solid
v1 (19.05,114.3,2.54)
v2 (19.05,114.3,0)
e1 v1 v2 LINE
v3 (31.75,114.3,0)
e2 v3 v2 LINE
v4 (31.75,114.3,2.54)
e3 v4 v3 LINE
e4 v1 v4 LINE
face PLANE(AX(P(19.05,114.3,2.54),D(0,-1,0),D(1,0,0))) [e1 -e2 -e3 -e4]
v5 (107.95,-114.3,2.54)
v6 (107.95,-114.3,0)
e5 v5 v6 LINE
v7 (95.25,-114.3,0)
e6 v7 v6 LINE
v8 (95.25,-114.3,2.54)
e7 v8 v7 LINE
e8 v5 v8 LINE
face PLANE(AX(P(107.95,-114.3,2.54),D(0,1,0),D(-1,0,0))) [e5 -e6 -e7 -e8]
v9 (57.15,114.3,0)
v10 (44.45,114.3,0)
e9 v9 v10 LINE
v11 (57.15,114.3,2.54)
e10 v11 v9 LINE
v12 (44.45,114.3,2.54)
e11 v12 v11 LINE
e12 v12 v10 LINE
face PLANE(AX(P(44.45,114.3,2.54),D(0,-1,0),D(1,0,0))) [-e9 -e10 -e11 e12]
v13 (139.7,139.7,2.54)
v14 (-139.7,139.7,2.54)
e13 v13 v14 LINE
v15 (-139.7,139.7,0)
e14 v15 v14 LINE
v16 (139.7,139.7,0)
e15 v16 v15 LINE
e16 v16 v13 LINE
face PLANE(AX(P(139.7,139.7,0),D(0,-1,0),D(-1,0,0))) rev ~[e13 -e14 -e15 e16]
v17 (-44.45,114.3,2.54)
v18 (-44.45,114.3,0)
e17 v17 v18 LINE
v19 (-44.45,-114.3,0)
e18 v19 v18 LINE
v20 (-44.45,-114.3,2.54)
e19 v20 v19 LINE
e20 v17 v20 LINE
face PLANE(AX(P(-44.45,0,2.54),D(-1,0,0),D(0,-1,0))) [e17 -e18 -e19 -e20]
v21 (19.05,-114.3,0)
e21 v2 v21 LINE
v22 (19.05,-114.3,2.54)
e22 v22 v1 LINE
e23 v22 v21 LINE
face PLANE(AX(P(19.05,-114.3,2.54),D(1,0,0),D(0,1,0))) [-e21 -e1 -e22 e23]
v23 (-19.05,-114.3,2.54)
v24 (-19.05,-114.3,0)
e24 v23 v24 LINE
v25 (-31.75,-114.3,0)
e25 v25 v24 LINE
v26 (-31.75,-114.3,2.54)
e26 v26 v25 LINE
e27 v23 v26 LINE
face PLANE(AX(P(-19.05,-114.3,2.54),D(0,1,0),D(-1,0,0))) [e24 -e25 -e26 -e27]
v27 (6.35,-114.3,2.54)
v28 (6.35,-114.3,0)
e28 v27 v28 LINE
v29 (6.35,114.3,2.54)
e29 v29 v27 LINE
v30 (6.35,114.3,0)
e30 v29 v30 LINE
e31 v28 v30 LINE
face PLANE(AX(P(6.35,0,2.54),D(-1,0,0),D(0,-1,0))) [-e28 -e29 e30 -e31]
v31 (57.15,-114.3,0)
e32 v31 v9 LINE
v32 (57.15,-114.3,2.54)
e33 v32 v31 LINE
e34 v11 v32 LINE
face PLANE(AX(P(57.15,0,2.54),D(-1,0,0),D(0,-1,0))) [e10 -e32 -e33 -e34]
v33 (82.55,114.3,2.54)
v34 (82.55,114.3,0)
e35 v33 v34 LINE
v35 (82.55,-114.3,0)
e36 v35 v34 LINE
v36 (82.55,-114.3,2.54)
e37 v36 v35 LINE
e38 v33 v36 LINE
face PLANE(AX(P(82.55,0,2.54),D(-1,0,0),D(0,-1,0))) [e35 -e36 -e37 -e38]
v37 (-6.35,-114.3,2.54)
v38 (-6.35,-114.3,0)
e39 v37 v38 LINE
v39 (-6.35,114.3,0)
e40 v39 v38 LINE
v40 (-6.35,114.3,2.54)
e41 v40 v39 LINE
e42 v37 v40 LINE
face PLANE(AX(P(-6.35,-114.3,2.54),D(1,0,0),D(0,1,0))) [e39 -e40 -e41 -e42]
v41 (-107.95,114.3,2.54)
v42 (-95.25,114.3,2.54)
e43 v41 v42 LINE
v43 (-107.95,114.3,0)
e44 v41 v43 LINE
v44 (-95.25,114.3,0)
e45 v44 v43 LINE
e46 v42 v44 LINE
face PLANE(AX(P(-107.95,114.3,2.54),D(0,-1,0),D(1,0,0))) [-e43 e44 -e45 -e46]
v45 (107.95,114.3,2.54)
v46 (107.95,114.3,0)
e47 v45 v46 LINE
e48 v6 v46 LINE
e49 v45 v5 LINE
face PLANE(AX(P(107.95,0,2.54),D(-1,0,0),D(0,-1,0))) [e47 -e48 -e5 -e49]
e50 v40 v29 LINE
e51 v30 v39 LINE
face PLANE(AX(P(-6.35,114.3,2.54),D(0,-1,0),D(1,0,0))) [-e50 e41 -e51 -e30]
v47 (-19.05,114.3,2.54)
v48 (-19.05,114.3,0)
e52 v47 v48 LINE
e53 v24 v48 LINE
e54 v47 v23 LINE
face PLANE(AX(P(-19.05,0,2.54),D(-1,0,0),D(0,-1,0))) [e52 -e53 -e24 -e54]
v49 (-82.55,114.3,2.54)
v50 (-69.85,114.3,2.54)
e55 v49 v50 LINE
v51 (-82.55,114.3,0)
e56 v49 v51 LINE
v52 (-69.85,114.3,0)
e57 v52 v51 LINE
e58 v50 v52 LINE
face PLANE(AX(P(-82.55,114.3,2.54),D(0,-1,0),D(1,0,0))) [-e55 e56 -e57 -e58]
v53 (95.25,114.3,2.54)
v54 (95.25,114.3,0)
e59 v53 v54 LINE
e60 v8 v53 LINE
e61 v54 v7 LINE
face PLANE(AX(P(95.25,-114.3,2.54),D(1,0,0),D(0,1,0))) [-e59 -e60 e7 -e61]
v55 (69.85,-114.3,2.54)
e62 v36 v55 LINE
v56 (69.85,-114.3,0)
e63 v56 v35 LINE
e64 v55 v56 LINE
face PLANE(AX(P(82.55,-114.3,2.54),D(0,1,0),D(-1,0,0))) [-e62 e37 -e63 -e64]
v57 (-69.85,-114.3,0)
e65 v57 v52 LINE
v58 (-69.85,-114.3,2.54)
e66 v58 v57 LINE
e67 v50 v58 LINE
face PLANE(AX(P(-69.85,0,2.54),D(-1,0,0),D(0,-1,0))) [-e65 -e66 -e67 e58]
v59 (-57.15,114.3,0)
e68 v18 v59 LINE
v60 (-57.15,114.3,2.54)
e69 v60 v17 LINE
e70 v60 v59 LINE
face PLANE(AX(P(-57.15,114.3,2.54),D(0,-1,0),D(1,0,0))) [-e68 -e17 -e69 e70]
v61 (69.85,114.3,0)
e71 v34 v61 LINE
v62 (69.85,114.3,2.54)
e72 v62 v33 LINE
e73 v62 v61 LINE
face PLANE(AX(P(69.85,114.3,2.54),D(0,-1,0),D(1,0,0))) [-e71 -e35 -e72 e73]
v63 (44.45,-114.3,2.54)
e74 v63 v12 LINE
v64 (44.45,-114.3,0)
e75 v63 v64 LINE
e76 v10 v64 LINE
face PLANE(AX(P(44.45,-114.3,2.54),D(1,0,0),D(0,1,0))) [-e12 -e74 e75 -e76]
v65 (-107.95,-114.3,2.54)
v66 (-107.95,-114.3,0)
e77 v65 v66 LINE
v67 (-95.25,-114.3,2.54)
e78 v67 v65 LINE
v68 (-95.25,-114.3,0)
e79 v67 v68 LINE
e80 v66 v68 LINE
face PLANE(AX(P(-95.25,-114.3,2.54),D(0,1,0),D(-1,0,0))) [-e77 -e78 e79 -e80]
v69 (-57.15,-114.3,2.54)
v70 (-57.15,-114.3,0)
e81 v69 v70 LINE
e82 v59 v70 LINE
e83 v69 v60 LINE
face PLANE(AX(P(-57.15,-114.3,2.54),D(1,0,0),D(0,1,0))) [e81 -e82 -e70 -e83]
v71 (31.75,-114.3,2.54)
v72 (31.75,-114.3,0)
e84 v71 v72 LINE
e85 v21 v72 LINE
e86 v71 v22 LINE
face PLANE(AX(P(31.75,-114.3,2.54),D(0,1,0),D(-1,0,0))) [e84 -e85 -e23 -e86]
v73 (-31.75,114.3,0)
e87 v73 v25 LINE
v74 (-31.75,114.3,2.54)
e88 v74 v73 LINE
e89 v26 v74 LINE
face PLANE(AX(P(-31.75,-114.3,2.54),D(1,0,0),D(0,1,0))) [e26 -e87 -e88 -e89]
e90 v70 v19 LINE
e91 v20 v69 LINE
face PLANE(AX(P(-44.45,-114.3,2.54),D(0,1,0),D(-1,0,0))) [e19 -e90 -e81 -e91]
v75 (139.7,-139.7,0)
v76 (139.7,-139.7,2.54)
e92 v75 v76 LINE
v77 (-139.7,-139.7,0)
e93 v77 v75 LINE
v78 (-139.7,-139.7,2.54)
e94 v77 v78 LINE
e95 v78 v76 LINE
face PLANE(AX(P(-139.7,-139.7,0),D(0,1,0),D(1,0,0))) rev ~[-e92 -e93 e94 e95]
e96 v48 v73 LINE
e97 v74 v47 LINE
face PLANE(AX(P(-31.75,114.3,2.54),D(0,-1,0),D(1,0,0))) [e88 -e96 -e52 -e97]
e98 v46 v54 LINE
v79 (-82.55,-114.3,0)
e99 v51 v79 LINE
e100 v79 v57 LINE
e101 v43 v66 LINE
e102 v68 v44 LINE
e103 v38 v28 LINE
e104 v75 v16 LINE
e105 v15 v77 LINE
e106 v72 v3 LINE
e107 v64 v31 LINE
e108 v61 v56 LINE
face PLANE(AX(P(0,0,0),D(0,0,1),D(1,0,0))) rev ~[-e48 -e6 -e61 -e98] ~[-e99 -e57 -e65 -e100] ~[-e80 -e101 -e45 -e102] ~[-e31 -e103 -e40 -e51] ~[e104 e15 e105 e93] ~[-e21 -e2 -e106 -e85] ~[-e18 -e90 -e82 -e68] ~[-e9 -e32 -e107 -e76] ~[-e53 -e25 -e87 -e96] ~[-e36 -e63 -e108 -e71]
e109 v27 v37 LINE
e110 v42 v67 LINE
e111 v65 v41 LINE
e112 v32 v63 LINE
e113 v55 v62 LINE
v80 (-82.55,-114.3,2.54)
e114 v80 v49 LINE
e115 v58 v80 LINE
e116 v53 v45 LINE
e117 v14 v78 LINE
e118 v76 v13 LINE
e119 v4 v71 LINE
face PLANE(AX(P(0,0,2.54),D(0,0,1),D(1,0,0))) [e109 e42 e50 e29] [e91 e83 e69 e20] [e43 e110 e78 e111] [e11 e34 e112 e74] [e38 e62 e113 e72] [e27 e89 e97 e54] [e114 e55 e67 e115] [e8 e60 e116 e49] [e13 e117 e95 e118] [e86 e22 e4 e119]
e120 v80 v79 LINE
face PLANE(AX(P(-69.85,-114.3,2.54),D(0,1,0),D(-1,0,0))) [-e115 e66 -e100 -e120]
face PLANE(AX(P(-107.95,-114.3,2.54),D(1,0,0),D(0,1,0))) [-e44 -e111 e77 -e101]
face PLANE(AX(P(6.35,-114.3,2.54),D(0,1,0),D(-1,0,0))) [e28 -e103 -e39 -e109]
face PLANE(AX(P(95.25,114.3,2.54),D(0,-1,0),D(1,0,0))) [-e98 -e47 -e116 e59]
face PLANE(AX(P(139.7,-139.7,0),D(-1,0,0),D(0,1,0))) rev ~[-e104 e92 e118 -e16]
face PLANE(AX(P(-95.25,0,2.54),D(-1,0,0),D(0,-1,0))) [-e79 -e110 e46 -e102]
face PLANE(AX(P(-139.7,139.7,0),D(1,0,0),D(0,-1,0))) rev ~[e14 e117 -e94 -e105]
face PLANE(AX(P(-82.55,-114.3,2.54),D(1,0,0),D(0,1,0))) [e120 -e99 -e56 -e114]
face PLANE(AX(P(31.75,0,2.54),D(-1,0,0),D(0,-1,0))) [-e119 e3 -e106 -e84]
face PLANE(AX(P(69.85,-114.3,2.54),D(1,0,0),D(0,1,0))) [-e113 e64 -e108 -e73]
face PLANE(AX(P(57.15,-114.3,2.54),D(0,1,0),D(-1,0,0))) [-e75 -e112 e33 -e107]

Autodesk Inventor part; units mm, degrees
ref_plane "YZ Plane" through (0, 0, 0) normal (1, 0, 0) x (0, 1, 0)
ref_plane "XZ Plane" through (0, 0, 0) normal (0, 1, 0) x (-1, 0, 0)
ref_plane "XY Plane" through (0, 0, 0) normal (0, 0, 1) x (1, 0, 0)
sketch "Sketch1" plane through (0, 0, 0) normal (0, 0, 1) x (1, 0, 0)
  line L0 (-139.7, -139.7) -> (139.7, -139.7)
  line L1 (139.7, -139.7) -> (139.7, 139.7)
  line L2 (139.7, 139.7) -> (-139.7, 139.7)
  line L3 (-139.7, 139.7) -> (-139.7, -139.7)
  line L4 (-139.7, -139.7) -> (139.7, 139.7) construction
  line L5 (139.7, -139.7) -> (-139.7, 139.7) construction
  point P0 (0, 0)
  dimension "d0" = 279.4
extrude "Extrusion1" add sketch "Sketch1" along normal blind 2.54
sketch "Sketch3" plane through (0, 0, 2.54) normal (0, 0, 1) x (1, 0, 0)
  line L0 (-107.95, 114.3) -> (-95.25, 114.3)
  line L1 (-95.25, 114.3) -> (-95.25, -114.3)
  line L2 (-95.25, -114.3) -> (-107.95, -114.3)
  line L3 (-107.95, -114.3) -> (-107.95, 114.3)
  line L4 (-107.95, 114.3) -> (-95.25, -114.3) construction
  line L5 (-95.25, 114.3) -> (-107.95, -114.3) construction
  line L6 (0, 0) -> (-101.6, 0)
  line L7 (-139.7, 139.7) -> (-139.7, -139.7) projected
  line L8 (-139.7, -139.7) -> (139.7, -139.7) projected
  dimension "d11" = 12.7
  dimension "d12" = 31.75
  dimension "d13" = 25.4
extrude "Extrusion2" cut sketch "Sketch3" against normal up to next
pattern_linear "Rectangular Pattern1" count 9 spacing 25.4 along (1, 0, 0) of "Extrusion2"
properties part number "screen"
